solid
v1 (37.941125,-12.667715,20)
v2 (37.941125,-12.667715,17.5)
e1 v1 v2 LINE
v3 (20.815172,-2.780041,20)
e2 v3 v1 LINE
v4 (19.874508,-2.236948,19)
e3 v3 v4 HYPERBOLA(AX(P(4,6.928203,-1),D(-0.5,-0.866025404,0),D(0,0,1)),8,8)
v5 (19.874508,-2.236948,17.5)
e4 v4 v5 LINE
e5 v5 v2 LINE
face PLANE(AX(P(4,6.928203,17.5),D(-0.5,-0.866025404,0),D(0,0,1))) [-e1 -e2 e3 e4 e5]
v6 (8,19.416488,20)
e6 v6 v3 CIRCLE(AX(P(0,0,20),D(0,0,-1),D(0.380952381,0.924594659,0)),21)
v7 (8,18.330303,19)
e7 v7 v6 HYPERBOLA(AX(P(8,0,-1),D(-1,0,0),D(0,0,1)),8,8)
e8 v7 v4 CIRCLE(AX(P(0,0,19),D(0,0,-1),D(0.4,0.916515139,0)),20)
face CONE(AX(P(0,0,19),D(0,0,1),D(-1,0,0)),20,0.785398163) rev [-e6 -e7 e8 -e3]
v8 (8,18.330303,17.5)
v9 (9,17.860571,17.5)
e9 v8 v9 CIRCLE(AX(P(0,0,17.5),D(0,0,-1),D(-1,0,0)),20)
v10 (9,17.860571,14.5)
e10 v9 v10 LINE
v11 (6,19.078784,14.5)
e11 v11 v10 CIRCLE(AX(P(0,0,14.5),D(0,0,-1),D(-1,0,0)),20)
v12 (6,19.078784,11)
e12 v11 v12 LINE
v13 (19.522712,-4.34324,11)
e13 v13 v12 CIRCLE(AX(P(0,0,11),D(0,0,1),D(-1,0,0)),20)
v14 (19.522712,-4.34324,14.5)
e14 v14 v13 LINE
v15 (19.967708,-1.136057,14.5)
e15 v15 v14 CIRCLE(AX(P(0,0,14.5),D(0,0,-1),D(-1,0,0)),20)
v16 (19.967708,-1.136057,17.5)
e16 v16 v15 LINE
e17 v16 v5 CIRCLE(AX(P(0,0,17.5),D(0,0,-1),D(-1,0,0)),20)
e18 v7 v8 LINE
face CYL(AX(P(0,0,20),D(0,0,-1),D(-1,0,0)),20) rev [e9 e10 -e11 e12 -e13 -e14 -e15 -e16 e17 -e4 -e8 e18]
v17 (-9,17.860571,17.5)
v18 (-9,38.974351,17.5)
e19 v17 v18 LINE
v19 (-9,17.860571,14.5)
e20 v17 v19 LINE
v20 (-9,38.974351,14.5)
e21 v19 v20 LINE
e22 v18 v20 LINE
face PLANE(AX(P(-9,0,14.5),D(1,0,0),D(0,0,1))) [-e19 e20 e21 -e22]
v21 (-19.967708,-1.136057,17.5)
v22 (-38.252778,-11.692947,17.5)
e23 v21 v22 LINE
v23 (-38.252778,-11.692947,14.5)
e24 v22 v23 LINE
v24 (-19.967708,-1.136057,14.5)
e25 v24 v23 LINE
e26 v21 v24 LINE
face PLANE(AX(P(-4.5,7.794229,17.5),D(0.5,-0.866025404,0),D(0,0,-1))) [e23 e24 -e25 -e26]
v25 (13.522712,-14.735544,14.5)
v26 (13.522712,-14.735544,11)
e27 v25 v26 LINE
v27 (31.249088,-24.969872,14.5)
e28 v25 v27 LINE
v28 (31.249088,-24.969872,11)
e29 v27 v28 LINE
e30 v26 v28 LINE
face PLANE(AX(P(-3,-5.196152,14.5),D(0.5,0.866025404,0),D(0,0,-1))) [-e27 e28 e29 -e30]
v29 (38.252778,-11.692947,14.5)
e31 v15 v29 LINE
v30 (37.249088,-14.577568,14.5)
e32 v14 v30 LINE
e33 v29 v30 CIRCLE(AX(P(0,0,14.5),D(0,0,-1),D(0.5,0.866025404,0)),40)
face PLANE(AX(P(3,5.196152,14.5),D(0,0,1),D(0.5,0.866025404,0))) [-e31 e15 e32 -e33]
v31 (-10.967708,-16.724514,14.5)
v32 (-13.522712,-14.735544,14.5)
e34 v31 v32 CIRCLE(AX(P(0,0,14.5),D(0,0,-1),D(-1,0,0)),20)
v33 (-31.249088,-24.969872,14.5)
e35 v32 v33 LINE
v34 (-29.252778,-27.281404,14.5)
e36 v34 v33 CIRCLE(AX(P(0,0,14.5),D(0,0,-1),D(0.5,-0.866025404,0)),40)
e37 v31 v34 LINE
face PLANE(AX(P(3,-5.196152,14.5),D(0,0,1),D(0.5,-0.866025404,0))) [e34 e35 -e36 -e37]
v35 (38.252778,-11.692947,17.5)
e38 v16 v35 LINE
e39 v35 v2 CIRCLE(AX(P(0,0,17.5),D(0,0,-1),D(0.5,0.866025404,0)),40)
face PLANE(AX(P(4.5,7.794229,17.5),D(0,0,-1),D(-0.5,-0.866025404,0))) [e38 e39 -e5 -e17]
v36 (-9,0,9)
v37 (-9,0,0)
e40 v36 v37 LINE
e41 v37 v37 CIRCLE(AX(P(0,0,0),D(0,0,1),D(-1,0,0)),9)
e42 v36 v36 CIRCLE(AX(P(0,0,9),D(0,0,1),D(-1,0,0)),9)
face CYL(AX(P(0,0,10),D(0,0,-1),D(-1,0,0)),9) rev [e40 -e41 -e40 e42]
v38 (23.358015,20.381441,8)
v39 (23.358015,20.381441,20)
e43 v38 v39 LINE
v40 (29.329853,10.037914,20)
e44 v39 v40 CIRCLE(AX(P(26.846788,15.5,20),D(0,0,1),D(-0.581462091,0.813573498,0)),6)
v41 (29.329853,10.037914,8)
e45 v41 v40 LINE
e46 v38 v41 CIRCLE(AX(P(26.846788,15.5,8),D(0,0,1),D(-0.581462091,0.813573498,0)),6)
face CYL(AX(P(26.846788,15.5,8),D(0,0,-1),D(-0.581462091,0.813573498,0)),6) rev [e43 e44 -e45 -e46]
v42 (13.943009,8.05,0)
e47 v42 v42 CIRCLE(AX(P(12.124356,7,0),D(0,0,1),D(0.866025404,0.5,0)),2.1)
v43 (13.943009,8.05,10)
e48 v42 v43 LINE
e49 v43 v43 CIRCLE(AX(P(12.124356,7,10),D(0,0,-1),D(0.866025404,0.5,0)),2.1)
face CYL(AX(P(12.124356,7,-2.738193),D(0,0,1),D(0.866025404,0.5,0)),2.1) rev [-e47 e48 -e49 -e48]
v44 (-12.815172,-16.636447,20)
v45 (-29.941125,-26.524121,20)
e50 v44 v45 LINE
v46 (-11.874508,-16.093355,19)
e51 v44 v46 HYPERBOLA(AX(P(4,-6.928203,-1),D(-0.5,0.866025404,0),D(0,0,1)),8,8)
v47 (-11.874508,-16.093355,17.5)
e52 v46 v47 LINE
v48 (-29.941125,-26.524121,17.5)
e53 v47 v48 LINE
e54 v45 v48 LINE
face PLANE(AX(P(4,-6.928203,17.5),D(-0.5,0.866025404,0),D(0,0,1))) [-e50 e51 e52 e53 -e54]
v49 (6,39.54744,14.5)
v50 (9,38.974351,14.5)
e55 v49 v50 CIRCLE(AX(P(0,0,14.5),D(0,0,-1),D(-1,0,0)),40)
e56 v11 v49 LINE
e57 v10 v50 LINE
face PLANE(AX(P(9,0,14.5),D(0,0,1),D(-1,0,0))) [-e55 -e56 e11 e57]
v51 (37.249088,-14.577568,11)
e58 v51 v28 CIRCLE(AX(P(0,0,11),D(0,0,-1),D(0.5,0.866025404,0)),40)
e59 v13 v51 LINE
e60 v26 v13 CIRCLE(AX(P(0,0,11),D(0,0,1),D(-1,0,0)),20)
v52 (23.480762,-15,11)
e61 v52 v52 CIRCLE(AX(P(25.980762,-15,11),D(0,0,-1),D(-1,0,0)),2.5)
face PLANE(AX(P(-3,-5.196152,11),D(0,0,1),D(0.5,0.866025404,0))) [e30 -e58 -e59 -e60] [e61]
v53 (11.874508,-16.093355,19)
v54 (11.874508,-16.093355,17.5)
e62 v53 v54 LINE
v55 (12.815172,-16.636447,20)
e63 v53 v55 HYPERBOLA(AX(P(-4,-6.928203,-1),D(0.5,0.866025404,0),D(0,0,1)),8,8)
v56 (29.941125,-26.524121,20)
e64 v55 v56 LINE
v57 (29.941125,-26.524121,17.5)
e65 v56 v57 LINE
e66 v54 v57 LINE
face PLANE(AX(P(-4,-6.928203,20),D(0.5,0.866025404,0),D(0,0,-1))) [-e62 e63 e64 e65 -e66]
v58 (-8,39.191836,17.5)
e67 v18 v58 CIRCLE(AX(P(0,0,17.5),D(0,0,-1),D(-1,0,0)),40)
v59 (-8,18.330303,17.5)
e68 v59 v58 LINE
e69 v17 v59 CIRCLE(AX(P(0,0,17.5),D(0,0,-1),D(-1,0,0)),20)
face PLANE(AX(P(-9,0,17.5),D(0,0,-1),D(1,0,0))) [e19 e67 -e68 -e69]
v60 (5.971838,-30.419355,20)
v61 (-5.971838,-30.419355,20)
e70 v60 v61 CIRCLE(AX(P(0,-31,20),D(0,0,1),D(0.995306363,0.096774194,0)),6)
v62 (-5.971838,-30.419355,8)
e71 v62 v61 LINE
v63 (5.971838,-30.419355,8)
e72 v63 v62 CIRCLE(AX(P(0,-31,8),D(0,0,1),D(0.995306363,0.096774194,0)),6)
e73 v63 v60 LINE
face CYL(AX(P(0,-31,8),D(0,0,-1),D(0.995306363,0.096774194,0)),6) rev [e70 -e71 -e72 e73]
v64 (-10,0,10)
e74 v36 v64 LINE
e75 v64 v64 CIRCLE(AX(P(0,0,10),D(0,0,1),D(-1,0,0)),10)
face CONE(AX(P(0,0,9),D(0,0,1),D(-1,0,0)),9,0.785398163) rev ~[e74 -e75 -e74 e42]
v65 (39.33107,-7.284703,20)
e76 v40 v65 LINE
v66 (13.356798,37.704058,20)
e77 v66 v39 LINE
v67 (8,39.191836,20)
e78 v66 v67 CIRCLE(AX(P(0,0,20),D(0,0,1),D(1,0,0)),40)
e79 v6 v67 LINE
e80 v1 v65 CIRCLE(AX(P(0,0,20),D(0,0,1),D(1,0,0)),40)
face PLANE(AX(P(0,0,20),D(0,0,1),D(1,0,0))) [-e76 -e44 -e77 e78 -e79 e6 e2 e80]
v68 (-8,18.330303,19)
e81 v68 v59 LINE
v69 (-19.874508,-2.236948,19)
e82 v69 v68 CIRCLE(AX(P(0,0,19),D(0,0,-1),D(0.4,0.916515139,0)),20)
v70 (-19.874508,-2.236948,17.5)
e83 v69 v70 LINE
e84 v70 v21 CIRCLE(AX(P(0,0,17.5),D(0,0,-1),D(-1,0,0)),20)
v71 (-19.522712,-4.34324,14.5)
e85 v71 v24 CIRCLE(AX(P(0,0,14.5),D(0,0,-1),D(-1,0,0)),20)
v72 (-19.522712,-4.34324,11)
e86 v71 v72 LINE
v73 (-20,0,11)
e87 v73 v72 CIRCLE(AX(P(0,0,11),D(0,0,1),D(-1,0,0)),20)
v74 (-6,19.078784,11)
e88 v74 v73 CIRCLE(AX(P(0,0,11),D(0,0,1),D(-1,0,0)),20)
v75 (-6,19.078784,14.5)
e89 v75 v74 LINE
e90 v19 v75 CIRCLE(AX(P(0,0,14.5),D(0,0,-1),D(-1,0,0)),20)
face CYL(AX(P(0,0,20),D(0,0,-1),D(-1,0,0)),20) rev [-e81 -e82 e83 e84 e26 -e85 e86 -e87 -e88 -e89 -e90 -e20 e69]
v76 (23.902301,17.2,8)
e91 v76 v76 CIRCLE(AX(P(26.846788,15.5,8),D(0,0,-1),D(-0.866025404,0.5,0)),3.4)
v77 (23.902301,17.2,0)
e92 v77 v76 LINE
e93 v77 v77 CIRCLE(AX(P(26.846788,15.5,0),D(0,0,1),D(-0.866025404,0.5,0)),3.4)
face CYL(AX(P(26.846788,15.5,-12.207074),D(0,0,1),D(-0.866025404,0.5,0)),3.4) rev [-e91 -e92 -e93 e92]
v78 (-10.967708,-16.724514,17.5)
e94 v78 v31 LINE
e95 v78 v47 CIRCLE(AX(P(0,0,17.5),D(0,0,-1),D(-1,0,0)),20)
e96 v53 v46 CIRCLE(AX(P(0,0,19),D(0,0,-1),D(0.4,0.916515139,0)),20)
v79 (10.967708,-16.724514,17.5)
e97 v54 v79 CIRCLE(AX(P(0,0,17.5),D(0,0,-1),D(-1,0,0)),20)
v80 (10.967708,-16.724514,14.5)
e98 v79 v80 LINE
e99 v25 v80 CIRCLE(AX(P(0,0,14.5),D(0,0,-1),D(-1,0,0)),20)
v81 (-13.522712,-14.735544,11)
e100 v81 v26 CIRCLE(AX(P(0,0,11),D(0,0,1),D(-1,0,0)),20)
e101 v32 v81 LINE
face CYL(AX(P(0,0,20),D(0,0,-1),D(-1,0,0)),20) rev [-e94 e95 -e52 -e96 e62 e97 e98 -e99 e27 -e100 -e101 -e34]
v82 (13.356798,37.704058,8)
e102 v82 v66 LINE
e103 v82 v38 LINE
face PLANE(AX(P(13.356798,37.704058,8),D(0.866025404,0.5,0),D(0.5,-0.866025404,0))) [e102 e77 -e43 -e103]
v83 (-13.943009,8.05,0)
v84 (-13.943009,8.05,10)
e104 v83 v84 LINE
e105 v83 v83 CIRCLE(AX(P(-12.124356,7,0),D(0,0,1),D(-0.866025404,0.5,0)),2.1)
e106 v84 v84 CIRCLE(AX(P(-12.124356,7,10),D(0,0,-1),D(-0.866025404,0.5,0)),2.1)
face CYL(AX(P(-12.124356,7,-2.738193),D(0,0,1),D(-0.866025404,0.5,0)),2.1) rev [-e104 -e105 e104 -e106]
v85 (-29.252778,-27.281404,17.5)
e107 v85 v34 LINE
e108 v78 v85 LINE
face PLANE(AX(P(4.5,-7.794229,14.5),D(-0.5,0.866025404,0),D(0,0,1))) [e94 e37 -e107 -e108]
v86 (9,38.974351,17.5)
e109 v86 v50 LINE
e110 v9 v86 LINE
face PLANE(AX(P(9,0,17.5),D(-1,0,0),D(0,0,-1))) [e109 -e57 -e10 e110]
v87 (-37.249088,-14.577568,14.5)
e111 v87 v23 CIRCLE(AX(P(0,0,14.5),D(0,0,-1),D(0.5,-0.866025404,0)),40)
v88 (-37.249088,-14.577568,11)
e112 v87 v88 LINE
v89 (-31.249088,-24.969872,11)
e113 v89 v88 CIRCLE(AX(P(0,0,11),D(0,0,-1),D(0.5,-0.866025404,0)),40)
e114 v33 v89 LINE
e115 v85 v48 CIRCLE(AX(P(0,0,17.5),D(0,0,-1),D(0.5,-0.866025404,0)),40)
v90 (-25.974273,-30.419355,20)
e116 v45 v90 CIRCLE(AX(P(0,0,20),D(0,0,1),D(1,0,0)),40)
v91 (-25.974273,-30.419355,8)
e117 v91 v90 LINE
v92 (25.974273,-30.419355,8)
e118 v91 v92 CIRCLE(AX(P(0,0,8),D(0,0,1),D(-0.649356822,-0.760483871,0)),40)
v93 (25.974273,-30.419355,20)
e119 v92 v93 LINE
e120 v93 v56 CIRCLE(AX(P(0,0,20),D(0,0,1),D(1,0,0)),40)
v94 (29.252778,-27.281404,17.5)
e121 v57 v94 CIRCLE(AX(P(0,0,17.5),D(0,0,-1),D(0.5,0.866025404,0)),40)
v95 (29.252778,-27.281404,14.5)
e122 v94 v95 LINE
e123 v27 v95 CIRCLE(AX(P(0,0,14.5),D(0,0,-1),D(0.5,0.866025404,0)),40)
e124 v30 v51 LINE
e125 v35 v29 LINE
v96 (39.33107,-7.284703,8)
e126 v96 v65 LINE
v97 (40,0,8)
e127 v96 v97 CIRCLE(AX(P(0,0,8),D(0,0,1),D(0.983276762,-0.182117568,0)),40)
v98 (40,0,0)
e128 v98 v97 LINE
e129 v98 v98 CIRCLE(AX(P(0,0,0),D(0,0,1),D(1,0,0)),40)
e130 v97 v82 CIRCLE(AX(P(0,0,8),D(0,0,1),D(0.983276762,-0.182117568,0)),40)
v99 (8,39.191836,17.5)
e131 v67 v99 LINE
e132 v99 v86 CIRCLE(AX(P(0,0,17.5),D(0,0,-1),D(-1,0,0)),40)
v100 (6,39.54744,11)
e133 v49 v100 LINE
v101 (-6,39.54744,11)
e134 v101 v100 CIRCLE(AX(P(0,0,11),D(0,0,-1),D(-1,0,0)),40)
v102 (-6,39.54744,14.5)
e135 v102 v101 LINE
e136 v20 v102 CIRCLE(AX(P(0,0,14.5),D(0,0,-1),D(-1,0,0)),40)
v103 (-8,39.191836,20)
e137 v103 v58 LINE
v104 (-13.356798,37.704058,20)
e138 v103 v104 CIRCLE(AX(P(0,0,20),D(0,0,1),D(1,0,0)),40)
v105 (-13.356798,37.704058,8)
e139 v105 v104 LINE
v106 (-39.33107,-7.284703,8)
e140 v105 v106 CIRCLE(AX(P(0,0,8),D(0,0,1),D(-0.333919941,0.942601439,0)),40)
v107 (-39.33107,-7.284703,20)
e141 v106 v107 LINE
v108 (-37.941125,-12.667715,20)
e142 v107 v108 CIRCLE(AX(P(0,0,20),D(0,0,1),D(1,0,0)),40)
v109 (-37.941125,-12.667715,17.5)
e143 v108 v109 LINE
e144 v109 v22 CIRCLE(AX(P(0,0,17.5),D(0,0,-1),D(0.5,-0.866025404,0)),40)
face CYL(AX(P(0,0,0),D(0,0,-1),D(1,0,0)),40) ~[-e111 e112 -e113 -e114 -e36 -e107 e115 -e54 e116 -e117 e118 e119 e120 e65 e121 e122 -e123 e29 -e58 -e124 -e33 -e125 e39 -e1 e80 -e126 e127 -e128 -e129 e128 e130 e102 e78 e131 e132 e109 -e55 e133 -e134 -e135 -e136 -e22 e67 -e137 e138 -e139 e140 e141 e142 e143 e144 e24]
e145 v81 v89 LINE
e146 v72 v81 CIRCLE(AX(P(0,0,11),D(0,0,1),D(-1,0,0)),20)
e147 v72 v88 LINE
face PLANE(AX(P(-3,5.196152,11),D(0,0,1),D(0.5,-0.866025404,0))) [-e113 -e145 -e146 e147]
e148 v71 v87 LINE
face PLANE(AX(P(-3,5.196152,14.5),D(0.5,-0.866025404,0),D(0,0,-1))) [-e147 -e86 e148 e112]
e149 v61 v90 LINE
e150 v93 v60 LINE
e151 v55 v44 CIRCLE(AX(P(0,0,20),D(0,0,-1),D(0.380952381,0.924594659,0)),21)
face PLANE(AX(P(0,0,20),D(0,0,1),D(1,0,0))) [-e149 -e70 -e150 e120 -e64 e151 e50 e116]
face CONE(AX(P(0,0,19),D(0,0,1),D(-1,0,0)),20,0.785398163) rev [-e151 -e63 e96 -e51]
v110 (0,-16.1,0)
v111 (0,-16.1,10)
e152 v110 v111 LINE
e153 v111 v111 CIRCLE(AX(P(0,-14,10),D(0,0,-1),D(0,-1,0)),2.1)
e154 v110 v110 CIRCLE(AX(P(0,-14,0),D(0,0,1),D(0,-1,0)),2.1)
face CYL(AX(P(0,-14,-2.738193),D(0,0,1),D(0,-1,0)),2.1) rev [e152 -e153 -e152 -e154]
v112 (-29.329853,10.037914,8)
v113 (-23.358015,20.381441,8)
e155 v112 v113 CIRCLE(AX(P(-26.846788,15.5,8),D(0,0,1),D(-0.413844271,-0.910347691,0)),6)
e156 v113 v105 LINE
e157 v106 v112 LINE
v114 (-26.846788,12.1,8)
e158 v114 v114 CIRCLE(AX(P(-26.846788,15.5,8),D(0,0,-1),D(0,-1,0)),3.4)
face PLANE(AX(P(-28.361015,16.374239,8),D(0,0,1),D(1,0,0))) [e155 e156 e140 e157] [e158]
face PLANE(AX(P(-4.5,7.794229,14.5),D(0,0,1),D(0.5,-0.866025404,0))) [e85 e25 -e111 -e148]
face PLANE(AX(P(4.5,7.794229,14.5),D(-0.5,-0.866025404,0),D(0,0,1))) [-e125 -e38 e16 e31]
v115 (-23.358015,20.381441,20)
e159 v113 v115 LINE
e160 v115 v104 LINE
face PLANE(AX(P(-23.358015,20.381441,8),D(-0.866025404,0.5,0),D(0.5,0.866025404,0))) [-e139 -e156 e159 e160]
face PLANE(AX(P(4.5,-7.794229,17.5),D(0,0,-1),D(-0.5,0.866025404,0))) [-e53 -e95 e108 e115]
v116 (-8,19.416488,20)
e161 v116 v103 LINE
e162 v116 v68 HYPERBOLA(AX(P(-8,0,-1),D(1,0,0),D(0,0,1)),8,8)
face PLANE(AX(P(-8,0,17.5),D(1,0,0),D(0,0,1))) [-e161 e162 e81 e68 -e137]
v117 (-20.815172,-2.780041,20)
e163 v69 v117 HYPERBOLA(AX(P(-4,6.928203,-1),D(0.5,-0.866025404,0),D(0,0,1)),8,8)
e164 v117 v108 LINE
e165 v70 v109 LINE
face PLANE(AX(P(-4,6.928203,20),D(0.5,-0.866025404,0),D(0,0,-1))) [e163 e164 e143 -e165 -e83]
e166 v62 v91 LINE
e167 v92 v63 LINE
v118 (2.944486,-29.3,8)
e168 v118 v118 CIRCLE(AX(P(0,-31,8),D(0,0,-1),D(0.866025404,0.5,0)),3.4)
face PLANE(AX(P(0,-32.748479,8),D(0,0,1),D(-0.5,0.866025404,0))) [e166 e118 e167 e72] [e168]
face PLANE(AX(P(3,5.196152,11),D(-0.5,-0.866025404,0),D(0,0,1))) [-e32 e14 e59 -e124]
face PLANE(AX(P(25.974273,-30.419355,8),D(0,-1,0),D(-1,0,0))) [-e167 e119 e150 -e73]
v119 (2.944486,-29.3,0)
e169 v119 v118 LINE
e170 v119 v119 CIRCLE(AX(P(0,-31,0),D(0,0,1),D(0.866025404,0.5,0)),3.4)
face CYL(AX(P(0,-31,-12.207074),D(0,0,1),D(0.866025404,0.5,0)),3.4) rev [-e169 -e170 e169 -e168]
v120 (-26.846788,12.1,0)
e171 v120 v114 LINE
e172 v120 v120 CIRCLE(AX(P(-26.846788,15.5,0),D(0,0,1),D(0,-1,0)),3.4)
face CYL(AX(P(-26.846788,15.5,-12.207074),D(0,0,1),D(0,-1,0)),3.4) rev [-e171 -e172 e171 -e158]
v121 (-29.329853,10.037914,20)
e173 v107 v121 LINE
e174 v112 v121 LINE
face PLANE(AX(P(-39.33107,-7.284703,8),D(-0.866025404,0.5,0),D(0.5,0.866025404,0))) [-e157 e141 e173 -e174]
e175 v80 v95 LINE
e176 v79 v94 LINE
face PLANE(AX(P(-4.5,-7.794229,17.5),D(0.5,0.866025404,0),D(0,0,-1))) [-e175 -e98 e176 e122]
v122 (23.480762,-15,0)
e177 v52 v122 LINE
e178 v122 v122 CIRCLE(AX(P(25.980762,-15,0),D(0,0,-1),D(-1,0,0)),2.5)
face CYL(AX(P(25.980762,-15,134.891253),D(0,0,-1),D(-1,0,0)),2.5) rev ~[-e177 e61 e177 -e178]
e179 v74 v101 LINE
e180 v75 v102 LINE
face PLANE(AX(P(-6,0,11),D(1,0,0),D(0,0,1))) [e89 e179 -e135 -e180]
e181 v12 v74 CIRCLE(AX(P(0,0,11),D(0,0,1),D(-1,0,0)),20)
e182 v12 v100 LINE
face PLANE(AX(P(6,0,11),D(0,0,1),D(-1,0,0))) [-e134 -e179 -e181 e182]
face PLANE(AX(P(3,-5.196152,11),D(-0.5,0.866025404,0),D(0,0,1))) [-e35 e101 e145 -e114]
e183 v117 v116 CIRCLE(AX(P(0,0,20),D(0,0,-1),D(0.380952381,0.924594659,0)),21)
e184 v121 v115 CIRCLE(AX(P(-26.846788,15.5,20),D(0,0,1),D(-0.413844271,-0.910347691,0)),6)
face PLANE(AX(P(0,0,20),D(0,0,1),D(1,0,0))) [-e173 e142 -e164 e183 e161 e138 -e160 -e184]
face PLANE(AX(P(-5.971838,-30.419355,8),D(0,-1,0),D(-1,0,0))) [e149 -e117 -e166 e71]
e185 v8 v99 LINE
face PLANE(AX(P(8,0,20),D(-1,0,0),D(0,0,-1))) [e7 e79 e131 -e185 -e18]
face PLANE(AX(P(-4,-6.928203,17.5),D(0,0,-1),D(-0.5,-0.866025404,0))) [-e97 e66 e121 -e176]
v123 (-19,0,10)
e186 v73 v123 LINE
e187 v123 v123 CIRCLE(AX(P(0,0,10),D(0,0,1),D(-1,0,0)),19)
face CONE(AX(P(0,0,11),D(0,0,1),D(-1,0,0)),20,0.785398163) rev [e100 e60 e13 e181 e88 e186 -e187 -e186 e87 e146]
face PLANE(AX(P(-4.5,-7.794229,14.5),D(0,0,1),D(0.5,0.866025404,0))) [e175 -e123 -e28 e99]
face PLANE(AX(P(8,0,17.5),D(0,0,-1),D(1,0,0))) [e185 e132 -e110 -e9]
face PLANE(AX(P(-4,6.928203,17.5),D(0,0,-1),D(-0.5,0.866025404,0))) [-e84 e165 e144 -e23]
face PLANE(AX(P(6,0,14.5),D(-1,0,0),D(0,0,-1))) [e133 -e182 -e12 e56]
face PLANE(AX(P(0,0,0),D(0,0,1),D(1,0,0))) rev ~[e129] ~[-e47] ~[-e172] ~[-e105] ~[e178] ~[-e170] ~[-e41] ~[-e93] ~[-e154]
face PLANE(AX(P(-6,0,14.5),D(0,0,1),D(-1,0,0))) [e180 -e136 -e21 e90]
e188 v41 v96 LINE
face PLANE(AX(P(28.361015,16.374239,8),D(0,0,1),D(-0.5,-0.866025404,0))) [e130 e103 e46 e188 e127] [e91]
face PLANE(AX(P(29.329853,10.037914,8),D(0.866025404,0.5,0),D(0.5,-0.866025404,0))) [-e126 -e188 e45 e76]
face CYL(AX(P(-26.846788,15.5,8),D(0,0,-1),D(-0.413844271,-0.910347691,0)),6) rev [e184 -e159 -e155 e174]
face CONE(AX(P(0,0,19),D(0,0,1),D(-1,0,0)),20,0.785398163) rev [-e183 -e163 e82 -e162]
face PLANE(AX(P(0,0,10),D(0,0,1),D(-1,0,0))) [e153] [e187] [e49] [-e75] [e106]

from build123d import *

# Parameters (mm, degrees)
SKETCH1_R               = 40
BOSS_EXTRUDE1_DEPTH     = 20
CUT_EXTRUDE1_START      = -12
CUT_EXTRUDE1_DEPTH      = 12
CIRPATTERN1_COUNT       = 3
CIRPATTERN2_COUNT       = 3
CIRPATTERN3_COUNT       = 3
M6_TAPPED_HOLE2_D       = 5
CHAMFER1_SIZE           = 1
CUT_EXTRUDE2_REACH      = 62
CUT_EXTRUDE2_END_RADIUS = 40
CIRPATTERN4_COUNT       = 3
CHAMFER2_SIZE           = 1


with BuildPart() as part:
    # Sketch1 → Boss-Extrude1 (new body)
    with BuildSketch(Plane.XY):
        Circle(SKETCH1_R)
    extrude(amount=BOSS_EXTRUDE1_DEPTH)

    # Sketch2 → Cut-Extrude1 (cut)
    with BuildSketch(Plane.XY.offset(20).offset(CUT_EXTRUDE1_START)):
        with BuildLine():
            Line((-39.331070493, -7.284702732), (-29.329853145, 10.037913852))
            ThreePointArc((-29.329853145, 10.037913852), (-21.650635095, 12.5), (-23.358014969, 20.381440987))
            Line((-23.358014969, 20.381440987), (-13.356797621, 37.704057571))
            ThreePointArc((-13.356797621, 37.704057571), (-34.641016151, 20), (-39.331070493, -7.284702732))
        make_face()
    cut_extrude1 = extrude(amount=CUT_EXTRUDE1_DEPTH, mode=Mode.SUBTRACT)

    # CirPattern1: Cut-Extrude1 ×3 about axis
    cirpattern1_axis = Axis((0, 0, 0), (0, 0, 1))
    for i in range(1, CIRPATTERN1_COUNT):
        add(cut_extrude1.rotate(cirpattern1_axis, i * 360 / CIRPATTERN1_COUNT), mode=Mode.SUBTRACT)

    # Sketch3 → Cut-Revolve1 (revolve, cut)
    with BuildSketch(Plane(origin=(0, 0, 0), x_dir=(0, 0, -1), z_dir=(1, 0, 0)), mode=Mode.PRIVATE) as cut_revolve1_sk:
        Polygon((-20, 0), (-20, 20), (-10, 20), (-10, 9), (0, 9), (0, 0), align=None)
    revolve(cut_revolve1_sk.sketch.rotate(Axis((0, 0, 0), (0, 0, 1)), 90), axis=Axis((0, 0, 0), (0, 0, 1)), mode=Mode.SUBTRACT)

    # Sketch7 → M5 Tapped Hole1 (revolve, cut)
    with BuildSketch(Plane(origin=(0, -14, 10), x_dir=(0, -1, 0), z_dir=(1, 0, 0))):
        Polygon((0, 0), (0, 14), (2.1, 12.7381927), (2.1, 0), align=None)
    m5_tapped_hole1 = revolve(axis=Axis((0, -14, 16.35), (0, 0, -1)), mode=Mode.SUBTRACT)

    # CirPattern2: M5 Tapped Hole1 ×3 about axis
    cirpattern2_axis = Axis((0, 0, 0), (0, 0, 1))
    for i in range(1, CIRPATTERN2_COUNT):
        add(m5_tapped_hole1.rotate(cirpattern2_axis, i * 360 / CIRPATTERN2_COUNT), mode=Mode.SUBTRACT)

    # Sketch9 → M8 Tapped Hole1 (revolve, cut)
    with BuildSketch(Plane(origin=(-26.846787517, 15.5, 8), x_dir=(0, -1, 0), z_dir=(1, 0, 0))):
        Polygon((0, 0), (0, 22.25), (3.4, 20.207073895), (3.4, 0), align=None)
    m8_tapped_hole1 = revolve(axis=Axis((-26.846787517, 15.5, 14.35), (0, 0, -1)), mode=Mode.SUBTRACT)

    # CirPattern3: M8 Tapped Hole1 ×3 about axis
    cirpattern3_axis = Axis((0, 0, 0), (0, 0, 1))
    for i in range(1, CIRPATTERN3_COUNT):
        add(m8_tapped_hole1.rotate(cirpattern3_axis, i * 360 / CIRPATTERN3_COUNT), mode=Mode.SUBTRACT)

    # M6 Tapped Hole2 (through all)
    with Locations(Plane.XY.offset(20)):
        with Locations((25.980762114, -15)):
            Hole(M6_TAPPED_HOLE2_D / 2)

    # Chamfer1
    chamfer1_edges = [part.edges().sort_by_distance(p)[0] for p in [
        (20, 0, 20),
        (20, 0, 10),
    ]]
    chamfer(chamfer1_edges, length=CHAMFER1_SIZE)

    # Cut-Extrude2: up to this cylinder (the profile starts inside it)
    cut_extrude2_end = Plane(origin=(0, 0, 15.805147), z_dir=(0, 0, -1)) * Cylinder(CUT_EXTRUDE2_END_RADIUS, 205, mode=Mode.PRIVATE)
    # Sketch12 → Cut-Extrude2 (cut, up to the surface)
    with BuildSketch(Plane(origin=(0, 0, 0), x_dir=(1, 0, 0), z_dir=(0, 1, 0)), mode=Mode.PRIVATE) as cut_extrude2_sk1:
        Polygon((8, -20), (8, -17.5), (9, -17.5), (9, -14.5), (6, -14.5), (6, -11), (-6, -11), (-6, -14.5), (-9, -14.5), (-9, -17.5), (-8, -17.5), (-8, -20), align=None)
    cut_extrude2_tool1 = extrude(cut_extrude2_sk1.sketch, amount=CUT_EXTRUDE2_REACH, mode=Mode.PRIVATE) & cut_extrude2_end
    cut_extrude2 = cut_extrude2_tool1.solids().sort_by_distance((0, 0, 15.805147))[0]
    add(cut_extrude2, mode=Mode.SUBTRACT)

    # CirPattern4: Cut-Extrude2 ×3 about axis
    cirpattern4_axis = Axis((0, 0, 0), (0, 0, 1))
    for i in range(1, CIRPATTERN4_COUNT):
        add(cut_extrude2.rotate(cirpattern4_axis, i * 360 / CIRPATTERN4_COUNT), mode=Mode.SUBTRACT)

    # Chamfer2
    chamfer2_edges = [part.edges().sort_by_distance(p)[0] for p in [
        (9, 0, 10),
    ]]
    chamfer(chamfer2_edges, length=CHAMFER2_SIZE)


solid = part.part
